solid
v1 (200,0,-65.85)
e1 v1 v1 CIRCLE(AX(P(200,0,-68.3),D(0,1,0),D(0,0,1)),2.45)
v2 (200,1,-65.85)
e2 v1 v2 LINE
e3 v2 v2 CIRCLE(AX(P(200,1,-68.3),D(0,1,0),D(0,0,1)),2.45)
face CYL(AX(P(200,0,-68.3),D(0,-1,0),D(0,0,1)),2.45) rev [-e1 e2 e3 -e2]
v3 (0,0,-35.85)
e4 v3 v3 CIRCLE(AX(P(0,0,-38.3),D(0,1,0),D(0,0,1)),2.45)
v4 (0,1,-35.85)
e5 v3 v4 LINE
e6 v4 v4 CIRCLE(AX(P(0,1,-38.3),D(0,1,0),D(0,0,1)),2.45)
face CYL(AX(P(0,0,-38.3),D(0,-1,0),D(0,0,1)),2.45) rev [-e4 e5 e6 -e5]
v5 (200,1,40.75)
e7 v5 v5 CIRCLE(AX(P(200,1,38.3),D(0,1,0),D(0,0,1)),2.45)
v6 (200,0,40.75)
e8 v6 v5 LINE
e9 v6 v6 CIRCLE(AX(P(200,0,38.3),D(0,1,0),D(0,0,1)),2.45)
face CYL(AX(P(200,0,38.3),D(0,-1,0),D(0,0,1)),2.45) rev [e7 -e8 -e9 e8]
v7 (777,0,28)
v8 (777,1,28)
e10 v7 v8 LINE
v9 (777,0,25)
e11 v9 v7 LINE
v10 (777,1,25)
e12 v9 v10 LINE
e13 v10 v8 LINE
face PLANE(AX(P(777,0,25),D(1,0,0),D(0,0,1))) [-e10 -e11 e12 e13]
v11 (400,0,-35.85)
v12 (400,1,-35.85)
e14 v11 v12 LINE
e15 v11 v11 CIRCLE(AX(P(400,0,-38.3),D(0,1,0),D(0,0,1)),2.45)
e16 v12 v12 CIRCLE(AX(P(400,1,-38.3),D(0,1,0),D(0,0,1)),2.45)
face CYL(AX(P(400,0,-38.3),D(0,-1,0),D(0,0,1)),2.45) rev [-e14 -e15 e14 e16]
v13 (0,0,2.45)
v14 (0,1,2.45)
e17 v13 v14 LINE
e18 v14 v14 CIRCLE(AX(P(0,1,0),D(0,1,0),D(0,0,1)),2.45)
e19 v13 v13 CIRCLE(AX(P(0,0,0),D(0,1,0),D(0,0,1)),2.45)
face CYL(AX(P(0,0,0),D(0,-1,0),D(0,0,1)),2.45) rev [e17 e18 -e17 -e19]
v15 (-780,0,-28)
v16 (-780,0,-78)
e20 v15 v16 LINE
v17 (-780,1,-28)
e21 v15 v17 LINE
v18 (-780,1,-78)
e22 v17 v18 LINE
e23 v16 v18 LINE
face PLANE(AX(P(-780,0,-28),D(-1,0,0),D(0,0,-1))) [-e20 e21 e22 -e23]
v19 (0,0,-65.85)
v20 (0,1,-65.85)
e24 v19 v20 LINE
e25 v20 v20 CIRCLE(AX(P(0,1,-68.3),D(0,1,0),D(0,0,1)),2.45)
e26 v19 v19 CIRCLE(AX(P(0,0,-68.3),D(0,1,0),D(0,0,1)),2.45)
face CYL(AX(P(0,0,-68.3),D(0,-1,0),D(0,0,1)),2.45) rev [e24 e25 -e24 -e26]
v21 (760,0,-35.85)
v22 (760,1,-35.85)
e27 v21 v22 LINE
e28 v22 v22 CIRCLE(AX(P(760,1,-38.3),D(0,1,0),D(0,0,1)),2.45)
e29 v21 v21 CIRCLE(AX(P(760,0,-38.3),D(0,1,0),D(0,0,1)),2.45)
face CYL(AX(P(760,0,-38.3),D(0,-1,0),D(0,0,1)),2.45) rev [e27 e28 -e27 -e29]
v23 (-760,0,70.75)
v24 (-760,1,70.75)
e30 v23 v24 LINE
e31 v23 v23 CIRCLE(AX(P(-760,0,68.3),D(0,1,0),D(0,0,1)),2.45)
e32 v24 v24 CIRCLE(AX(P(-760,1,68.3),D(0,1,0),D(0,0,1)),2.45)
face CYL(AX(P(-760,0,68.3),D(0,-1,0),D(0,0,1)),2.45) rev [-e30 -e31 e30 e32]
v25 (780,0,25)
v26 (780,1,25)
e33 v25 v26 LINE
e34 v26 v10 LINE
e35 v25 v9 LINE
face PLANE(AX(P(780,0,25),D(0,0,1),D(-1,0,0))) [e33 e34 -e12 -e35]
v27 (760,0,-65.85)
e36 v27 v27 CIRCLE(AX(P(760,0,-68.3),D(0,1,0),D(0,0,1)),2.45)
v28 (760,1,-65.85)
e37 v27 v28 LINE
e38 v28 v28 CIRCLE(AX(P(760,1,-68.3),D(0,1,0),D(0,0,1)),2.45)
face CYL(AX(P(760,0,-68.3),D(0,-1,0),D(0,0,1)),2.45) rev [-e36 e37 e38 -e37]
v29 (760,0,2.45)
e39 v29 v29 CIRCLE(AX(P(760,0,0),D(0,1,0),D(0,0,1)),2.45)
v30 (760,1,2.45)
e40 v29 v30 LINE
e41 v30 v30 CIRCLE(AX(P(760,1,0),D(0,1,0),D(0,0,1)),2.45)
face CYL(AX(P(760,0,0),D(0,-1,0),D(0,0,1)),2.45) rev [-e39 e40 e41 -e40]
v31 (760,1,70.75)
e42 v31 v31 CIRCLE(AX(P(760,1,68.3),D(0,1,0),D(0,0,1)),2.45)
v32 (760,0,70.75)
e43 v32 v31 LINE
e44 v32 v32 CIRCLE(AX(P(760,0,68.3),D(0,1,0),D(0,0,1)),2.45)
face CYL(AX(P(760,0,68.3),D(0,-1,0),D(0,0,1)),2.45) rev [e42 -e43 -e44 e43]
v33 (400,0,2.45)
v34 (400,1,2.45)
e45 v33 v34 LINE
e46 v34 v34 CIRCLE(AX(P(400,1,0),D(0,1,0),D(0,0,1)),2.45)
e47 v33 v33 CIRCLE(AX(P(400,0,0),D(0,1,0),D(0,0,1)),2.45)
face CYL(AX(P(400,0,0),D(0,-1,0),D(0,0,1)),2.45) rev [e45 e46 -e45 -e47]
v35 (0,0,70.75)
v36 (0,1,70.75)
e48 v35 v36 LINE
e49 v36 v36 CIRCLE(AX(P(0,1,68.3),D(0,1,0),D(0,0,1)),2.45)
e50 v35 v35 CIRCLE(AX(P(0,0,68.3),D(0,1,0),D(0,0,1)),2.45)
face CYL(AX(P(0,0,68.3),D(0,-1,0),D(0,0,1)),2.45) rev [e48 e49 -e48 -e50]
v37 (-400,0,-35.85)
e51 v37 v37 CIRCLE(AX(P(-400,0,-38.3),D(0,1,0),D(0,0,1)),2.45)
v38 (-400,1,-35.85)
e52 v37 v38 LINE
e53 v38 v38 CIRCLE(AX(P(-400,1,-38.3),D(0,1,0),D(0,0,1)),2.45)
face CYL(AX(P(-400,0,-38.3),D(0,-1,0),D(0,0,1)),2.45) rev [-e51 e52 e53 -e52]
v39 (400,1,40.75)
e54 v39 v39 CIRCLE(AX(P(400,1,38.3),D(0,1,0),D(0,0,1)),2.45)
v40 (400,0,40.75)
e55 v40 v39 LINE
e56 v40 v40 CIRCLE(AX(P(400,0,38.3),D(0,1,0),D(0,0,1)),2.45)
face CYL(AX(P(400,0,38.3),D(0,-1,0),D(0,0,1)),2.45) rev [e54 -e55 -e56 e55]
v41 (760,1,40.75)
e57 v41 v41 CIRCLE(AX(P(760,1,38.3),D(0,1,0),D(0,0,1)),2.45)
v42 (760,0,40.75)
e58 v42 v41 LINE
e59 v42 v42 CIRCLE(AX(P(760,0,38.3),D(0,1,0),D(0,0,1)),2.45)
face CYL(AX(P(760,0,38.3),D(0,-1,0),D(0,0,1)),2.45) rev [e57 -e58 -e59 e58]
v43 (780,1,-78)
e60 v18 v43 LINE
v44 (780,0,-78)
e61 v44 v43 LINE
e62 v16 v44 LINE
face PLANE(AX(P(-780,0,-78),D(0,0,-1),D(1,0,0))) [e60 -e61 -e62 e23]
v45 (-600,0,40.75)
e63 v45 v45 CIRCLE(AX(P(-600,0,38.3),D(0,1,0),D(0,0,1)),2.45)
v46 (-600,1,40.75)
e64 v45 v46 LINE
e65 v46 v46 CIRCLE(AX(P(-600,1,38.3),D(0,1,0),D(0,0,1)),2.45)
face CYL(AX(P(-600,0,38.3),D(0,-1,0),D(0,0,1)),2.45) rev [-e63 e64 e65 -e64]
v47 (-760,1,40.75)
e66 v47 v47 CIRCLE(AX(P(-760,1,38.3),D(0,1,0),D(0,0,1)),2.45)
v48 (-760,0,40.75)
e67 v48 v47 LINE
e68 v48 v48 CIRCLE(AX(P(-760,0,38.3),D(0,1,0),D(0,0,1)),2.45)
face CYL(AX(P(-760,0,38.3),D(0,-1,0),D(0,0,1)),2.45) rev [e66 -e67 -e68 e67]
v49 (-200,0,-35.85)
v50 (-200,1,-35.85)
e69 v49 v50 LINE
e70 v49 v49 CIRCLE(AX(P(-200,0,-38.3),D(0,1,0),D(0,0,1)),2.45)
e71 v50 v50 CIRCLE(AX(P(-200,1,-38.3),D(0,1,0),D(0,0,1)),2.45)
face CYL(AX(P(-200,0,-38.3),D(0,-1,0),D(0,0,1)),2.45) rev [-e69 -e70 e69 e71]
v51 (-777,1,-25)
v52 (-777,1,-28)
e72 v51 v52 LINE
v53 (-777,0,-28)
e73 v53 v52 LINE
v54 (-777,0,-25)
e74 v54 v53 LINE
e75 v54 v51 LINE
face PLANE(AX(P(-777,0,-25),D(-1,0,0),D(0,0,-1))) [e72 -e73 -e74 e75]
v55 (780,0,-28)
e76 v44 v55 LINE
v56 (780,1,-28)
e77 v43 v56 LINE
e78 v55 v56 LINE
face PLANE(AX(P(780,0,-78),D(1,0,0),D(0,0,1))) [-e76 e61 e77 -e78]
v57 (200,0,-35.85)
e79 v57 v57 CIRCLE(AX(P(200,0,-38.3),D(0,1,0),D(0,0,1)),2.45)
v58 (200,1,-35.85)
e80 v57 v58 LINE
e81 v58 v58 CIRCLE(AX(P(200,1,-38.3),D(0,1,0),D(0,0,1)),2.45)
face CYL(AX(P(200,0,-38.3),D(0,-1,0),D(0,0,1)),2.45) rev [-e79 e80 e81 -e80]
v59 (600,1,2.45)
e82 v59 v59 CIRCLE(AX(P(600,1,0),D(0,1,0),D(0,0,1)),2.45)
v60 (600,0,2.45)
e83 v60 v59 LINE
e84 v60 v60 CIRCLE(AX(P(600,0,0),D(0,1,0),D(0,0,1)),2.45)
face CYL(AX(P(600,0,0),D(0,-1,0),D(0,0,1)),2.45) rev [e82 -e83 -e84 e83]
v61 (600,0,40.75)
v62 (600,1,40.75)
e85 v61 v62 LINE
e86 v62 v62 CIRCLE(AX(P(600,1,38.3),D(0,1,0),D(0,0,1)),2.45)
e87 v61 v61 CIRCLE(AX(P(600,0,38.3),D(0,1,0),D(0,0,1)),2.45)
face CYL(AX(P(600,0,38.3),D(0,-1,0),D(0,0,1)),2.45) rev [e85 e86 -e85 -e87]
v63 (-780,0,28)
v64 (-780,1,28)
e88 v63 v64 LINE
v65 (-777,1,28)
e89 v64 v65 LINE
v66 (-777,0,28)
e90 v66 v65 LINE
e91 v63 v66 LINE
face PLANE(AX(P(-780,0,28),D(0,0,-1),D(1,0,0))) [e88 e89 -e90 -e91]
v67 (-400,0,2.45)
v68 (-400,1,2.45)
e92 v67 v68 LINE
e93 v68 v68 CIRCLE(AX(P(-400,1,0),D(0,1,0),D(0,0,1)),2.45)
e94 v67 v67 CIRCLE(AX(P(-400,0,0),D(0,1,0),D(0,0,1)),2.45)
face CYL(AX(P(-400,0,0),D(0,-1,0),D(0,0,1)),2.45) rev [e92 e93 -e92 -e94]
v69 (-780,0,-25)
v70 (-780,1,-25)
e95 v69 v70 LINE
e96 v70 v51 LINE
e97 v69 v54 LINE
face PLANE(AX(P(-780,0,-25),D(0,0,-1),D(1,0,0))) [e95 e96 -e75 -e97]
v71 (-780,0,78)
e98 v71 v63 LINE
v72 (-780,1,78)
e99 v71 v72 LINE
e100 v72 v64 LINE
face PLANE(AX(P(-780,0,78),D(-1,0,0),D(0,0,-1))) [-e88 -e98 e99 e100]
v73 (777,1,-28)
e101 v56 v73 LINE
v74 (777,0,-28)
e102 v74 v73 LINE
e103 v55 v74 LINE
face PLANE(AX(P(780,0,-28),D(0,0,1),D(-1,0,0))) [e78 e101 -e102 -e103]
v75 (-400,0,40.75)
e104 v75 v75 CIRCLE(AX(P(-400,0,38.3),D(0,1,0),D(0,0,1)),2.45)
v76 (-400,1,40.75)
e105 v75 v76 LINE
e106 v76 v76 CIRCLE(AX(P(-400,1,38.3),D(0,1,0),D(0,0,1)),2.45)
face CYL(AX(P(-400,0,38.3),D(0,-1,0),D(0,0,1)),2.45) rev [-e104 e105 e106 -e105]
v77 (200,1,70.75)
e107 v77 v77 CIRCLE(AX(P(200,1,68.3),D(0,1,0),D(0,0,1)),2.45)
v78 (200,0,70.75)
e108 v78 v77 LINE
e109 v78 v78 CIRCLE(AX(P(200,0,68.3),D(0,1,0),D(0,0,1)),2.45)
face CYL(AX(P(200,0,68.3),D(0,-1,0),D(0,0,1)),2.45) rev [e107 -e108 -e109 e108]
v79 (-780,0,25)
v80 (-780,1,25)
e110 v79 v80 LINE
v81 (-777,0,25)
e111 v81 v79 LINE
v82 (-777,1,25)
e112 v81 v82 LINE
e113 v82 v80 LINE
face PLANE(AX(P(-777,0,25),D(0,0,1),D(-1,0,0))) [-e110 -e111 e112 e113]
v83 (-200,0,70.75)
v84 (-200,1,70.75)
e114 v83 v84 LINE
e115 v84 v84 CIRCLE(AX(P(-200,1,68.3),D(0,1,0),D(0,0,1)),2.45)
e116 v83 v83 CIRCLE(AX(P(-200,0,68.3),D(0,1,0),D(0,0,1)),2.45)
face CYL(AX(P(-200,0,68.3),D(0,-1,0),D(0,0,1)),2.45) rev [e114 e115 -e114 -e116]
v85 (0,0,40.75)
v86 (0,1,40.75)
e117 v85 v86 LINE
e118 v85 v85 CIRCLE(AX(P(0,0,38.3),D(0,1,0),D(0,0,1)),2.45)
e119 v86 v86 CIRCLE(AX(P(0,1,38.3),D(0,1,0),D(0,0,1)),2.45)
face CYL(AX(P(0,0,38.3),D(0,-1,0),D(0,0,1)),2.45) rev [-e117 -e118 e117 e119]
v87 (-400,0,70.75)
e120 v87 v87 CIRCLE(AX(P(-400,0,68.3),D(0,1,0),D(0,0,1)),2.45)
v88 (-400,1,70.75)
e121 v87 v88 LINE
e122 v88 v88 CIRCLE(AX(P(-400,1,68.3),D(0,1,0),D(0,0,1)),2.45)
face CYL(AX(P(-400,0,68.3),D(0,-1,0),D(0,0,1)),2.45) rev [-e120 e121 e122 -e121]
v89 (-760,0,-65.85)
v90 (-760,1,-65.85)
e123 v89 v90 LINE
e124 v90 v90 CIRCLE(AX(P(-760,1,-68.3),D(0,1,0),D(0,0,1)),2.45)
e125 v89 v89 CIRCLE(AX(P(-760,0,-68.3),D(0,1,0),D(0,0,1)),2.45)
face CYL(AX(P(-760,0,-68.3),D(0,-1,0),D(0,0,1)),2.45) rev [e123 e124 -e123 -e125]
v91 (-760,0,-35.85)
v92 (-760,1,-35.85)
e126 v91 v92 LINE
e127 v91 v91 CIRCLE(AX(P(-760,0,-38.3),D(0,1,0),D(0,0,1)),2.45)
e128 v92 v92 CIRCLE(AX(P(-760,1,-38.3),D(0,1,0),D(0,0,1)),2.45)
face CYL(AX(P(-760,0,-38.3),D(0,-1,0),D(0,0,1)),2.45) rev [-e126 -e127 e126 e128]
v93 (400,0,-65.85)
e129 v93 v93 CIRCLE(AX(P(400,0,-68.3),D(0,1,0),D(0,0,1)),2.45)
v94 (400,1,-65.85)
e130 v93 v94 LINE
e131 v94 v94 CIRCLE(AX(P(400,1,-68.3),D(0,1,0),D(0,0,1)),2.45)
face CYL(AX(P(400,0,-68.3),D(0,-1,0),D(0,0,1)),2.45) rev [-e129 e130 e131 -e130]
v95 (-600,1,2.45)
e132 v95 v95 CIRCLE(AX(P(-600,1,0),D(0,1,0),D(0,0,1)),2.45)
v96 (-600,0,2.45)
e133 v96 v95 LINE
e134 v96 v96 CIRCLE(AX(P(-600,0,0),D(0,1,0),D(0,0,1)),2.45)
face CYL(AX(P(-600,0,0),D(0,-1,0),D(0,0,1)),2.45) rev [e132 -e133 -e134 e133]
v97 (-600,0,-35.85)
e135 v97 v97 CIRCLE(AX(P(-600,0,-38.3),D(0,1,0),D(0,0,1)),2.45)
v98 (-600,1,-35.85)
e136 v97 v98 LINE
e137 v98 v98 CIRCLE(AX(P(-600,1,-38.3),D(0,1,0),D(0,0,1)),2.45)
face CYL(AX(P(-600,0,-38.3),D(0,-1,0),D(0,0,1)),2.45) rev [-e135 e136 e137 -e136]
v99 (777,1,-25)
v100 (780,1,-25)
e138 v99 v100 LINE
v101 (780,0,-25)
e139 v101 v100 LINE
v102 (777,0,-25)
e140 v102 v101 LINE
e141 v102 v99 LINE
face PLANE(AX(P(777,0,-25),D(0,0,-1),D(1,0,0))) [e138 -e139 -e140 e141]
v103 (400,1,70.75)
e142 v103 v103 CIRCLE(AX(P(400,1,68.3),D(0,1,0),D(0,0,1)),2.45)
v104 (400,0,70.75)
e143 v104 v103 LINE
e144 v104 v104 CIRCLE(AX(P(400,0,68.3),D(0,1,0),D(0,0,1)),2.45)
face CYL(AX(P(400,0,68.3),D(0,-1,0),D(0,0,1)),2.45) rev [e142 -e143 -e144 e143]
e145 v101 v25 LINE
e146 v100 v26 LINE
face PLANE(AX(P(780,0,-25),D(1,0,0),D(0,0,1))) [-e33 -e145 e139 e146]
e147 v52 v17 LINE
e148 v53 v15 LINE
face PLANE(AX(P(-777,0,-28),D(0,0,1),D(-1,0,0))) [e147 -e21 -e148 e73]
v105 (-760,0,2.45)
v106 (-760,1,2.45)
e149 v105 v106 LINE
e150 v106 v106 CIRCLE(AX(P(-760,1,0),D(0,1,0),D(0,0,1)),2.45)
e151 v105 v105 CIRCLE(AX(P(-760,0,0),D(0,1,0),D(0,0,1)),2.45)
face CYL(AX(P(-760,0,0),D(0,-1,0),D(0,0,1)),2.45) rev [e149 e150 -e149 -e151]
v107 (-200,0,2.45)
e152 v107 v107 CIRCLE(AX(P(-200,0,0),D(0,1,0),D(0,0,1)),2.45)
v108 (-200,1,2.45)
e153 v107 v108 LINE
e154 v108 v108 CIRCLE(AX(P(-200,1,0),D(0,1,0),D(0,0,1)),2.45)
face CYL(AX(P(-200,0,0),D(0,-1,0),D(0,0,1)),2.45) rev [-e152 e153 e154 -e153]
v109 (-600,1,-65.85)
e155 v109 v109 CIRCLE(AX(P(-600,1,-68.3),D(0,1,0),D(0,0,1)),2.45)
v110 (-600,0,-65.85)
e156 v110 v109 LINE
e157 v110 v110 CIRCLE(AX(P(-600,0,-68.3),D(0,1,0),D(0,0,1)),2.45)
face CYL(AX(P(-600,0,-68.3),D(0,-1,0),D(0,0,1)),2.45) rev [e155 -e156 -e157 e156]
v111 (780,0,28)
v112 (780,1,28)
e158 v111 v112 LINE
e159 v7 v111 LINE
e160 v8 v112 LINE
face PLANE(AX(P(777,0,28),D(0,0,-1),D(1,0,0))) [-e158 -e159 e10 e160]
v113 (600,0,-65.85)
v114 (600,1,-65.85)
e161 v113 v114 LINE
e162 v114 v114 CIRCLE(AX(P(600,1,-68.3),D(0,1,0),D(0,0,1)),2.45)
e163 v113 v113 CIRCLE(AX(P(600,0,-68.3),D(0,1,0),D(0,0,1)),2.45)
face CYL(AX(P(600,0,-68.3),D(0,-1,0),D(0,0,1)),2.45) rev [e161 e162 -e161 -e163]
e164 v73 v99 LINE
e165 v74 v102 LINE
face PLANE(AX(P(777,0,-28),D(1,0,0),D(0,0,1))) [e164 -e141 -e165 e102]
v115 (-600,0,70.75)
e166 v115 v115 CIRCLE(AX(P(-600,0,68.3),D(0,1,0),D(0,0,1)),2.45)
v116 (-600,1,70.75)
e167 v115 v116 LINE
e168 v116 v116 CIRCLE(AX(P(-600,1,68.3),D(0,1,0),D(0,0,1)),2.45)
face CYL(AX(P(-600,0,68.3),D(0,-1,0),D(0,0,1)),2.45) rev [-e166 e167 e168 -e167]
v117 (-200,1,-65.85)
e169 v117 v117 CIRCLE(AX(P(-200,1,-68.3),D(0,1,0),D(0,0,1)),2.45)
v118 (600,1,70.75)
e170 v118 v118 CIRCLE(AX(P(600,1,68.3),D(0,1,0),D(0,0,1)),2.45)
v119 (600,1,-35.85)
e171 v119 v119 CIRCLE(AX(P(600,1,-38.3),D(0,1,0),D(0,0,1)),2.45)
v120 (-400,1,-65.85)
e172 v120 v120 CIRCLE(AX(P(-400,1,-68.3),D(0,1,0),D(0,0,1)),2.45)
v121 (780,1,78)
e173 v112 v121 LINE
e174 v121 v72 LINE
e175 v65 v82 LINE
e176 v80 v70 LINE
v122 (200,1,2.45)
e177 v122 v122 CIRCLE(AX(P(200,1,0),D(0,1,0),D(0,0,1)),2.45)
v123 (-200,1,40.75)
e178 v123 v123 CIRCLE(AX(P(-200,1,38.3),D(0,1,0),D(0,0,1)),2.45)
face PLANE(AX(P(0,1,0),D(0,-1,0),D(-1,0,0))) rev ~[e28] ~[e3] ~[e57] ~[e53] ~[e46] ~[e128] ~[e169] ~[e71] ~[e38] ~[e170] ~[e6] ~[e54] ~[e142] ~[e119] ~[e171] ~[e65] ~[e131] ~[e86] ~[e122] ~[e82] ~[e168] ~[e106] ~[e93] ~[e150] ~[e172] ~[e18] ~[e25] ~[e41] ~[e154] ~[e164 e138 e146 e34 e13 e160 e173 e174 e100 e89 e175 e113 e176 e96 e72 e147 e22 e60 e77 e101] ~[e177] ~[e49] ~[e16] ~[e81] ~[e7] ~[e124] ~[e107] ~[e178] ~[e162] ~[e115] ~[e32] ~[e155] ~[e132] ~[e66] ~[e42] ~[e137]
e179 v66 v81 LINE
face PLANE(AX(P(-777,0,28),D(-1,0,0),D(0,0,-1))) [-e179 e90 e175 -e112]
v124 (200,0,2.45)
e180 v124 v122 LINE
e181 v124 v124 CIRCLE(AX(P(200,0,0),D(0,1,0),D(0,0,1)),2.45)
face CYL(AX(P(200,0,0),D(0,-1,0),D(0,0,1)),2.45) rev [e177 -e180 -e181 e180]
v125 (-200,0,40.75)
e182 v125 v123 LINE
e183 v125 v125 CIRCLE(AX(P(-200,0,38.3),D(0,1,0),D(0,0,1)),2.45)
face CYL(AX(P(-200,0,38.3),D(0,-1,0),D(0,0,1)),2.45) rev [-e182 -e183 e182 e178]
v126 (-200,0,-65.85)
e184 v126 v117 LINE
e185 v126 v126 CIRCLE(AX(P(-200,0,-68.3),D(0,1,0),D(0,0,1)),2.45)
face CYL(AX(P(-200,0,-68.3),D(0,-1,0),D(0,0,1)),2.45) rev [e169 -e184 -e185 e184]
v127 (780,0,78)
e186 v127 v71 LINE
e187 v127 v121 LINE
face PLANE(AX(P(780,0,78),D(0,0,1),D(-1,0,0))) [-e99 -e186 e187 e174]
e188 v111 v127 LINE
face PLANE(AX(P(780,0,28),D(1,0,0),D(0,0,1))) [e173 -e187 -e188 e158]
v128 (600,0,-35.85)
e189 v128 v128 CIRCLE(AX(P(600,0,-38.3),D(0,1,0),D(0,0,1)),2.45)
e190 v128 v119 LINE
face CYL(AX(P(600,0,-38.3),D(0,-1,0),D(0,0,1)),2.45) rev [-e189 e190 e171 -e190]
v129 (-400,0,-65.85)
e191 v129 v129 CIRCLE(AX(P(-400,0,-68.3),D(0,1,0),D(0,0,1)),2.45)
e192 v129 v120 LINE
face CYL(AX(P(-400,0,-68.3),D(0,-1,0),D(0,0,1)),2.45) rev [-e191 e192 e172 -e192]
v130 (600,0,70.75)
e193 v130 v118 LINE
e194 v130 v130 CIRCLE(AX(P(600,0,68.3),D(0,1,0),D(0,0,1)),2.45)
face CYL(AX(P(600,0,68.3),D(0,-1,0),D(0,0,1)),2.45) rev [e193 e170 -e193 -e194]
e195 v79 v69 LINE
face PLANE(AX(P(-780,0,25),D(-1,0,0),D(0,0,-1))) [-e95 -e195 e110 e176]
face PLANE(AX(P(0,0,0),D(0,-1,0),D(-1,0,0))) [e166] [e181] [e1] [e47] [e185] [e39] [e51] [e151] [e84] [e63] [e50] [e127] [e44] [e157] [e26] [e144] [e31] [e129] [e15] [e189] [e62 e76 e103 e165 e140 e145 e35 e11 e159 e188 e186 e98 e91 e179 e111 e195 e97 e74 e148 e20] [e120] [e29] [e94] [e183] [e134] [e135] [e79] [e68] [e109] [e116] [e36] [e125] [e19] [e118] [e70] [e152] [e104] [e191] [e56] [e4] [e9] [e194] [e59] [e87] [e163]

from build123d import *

# Parameters (mm, degrees)
SKETCH1_R           = 2.45
BOSS_EXTRUDE1_DEPTH = 1


with BuildPart() as part:
    # Sketch1 → Boss-Extrude1 (new body)
    with BuildSketch(Plane(origin=(0, 0, 0), x_dir=(1, 0, 0), z_dir=(0, 1, 0))):
        Polygon((-780, -25), (-780, 25), (-777, 25), (-777, 28), (-780, 28), (-780, 78), (780, 78), (780, 28), (777, 28), (777, 25), (780, 25), (780, -25), (777, -25), (777, -28), (780, -28), (780, -78), (-780, -78), (-780, -28), (-777, -28), (-777, -25), align=None)
        with Locations(Location((0, 68.3, 0), (0, 0, 270))):
            Circle(SKETCH1_R, mode=Mode.SUBTRACT)
        with Locations(Location((0, 38.3, 0), (0, 0, 270))):
            Circle(SKETCH1_R, mode=Mode.SUBTRACT)
        with Locations(Location((0, -38.3, 0), (0, 0, 270))):
            Circle(SKETCH1_R, mode=Mode.SUBTRACT)
        with Locations(Location((0, -68.3, 0), (0, 0, 270))):
            Circle(SKETCH1_R, mode=Mode.SUBTRACT)
        with Locations(Location((0, 0, 0), (0, 0, 270))):
            Circle(SKETCH1_R, mode=Mode.SUBTRACT)
        with Locations(Location((200, 68.3, 0), (0, 0, 270))):
            Circle(SKETCH1_R, mode=Mode.SUBTRACT)
        with Locations(Location((200, 38.3, 0), (0, 0, 270))):
            Circle(SKETCH1_R, mode=Mode.SUBTRACT)
        with Locations(Location((200, 0, 0), (0, 0, 270))):
            Circle(SKETCH1_R, mode=Mode.SUBTRACT)
        with Locations(Location((200, -38.3, 0), (0, 0, 270))):
            Circle(SKETCH1_R, mode=Mode.SUBTRACT)
        with Locations(Location((200, -68.3, 0), (0, 0, 270))):
            Circle(SKETCH1_R, mode=Mode.SUBTRACT)
        with Locations(Location((400, 68.3, 0), (0, 0, 270))):
            Circle(SKETCH1_R, mode=Mode.SUBTRACT)
        with Locations(Location((400, 38.3, 0), (0, 0, 270))):
            Circle(SKETCH1_R, mode=Mode.SUBTRACT)
        with Locations(Location((400, 0, 0), (0, 0, 270))):
            Circle(SKETCH1_R, mode=Mode.SUBTRACT)
        with Locations(Location((400, -38.3, 0), (0, 0, 270))):
            Circle(SKETCH1_R, mode=Mode.SUBTRACT)
        with Locations(Location((400, -68.3, 0), (0, 0, 270))):
            Circle(SKETCH1_R, mode=Mode.SUBTRACT)
        with Locations(Location((600, 68.3, 0), (0, 0, 270))):
            Circle(SKETCH1_R, mode=Mode.SUBTRACT)
        with Locations(Location((600, 38.3, 0), (0, 0, 270))):
            Circle(SKETCH1_R, mode=Mode.SUBTRACT)
        with Locations(Location((600, 0, 0), (0, 0, 270))):
            Circle(SKETCH1_R, mode=Mode.SUBTRACT)
        with Locations(Location((600, -38.3, 0), (0, 0, 270))):
            Circle(SKETCH1_R, mode=Mode.SUBTRACT)
        with Locations(Location((600, -68.3, 0), (0, 0, 270))):
            Circle(SKETCH1_R, mode=Mode.SUBTRACT)
        with Locations(Location((-200, -68.3, 0), (0, 0, 270))):
            Circle(SKETCH1_R, mode=Mode.SUBTRACT)
        with Locations(Location((-200, -38.3, 0), (0, 0, 270))):
            Circle(SKETCH1_R, mode=Mode.SUBTRACT)
        with Locations(Location((-200, 0, 0), (0, 0, 270))):
            Circle(SKETCH1_R, mode=Mode.SUBTRACT)
        with Locations(Location((-200, 38.3, 0), (0, 0, 270))):
            Circle(SKETCH1_R, mode=Mode.SUBTRACT)
        with Locations(Location((-200, 68.3, 0), (0, 0, 270))):
            Circle(SKETCH1_R, mode=Mode.SUBTRACT)
        with Locations(Location((-400, -68.3, 0), (0, 0, 270))):
            Circle(SKETCH1_R, mode=Mode.SUBTRACT)
        with Locations(Location((-400, -38.3, 0), (0, 0, 270))):
            Circle(SKETCH1_R, mode=Mode.SUBTRACT)
        with Locations(Location((-400, 0, 0), (0, 0, 270))):
            Circle(SKETCH1_R, mode=Mode.SUBTRACT)
        with Locations(Location((-400, 38.3, 0), (0, 0, 270))):
            Circle(SKETCH1_R, mode=Mode.SUBTRACT)
        with Locations(Location((-400, 68.3, 0), (0, 0, 270))):
            Circle(SKETCH1_R, mode=Mode.SUBTRACT)
        with Locations(Location((-600, -68.3, 0), (0, 0, 270))):
            Circle(SKETCH1_R, mode=Mode.SUBTRACT)
        with Locations(Location((-600, -38.3, 0), (0, 0, 270))):
            Circle(SKETCH1_R, mode=Mode.SUBTRACT)
        with Locations(Location((-600, 0, 0), (0, 0, 270))):
            Circle(SKETCH1_R, mode=Mode.SUBTRACT)
        with Locations(Location((-600, 38.3, 0), (0, 0, 270))):
            Circle(SKETCH1_R, mode=Mode.SUBTRACT)
        with Locations(Location((-600, 68.3, 0), (0, 0, 270))):
            Circle(SKETCH1_R, mode=Mode.SUBTRACT)
        with Locations(Location((-760, 68.3, 0), (0, 0, 270))):
            Circle(SKETCH1_R, mode=Mode.SUBTRACT)
        with Locations(Location((-760, 38.3, 0), (0, 0, 270))):
            Circle(SKETCH1_R, mode=Mode.SUBTRACT)
        with Locations(Location((-760, 0, 0), (0, 0, 270))):
            Circle(SKETCH1_R, mode=Mode.SUBTRACT)
        with Locations(Location((-760, -68.3, 0), (0, 0, 270))):
            Circle(SKETCH1_R, mode=Mode.SUBTRACT)
        with Locations(Location((-760, -38.3, 0), (0, 0, 270))):
            Circle(SKETCH1_R, mode=Mode.SUBTRACT)
        with Locations(Location((760, -68.3, 0), (0, 0, 270))):
            Circle(SKETCH1_R, mode=Mode.SUBTRACT)
        with Locations(Location((760, 0, 0), (0, 0, 270))):
            Circle(SKETCH1_R, mode=Mode.SUBTRACT)
        with Locations(Location((760, 68.3, 0), (0, 0, 270))):
            Circle(SKETCH1_R, mode=Mode.SUBTRACT)
        with Locations(Location((760, 38.3, 0), (0, 0, 270))):
            Circle(SKETCH1_R, mode=Mode.SUBTRACT)
        with Locations(Location((760, -38.3, 0), (0, 0, 270))):
            Circle(SKETCH1_R, mode=Mode.SUBTRACT)
    extrude(amount=BOSS_EXTRUDE1_DEPTH)


solid = part.part
